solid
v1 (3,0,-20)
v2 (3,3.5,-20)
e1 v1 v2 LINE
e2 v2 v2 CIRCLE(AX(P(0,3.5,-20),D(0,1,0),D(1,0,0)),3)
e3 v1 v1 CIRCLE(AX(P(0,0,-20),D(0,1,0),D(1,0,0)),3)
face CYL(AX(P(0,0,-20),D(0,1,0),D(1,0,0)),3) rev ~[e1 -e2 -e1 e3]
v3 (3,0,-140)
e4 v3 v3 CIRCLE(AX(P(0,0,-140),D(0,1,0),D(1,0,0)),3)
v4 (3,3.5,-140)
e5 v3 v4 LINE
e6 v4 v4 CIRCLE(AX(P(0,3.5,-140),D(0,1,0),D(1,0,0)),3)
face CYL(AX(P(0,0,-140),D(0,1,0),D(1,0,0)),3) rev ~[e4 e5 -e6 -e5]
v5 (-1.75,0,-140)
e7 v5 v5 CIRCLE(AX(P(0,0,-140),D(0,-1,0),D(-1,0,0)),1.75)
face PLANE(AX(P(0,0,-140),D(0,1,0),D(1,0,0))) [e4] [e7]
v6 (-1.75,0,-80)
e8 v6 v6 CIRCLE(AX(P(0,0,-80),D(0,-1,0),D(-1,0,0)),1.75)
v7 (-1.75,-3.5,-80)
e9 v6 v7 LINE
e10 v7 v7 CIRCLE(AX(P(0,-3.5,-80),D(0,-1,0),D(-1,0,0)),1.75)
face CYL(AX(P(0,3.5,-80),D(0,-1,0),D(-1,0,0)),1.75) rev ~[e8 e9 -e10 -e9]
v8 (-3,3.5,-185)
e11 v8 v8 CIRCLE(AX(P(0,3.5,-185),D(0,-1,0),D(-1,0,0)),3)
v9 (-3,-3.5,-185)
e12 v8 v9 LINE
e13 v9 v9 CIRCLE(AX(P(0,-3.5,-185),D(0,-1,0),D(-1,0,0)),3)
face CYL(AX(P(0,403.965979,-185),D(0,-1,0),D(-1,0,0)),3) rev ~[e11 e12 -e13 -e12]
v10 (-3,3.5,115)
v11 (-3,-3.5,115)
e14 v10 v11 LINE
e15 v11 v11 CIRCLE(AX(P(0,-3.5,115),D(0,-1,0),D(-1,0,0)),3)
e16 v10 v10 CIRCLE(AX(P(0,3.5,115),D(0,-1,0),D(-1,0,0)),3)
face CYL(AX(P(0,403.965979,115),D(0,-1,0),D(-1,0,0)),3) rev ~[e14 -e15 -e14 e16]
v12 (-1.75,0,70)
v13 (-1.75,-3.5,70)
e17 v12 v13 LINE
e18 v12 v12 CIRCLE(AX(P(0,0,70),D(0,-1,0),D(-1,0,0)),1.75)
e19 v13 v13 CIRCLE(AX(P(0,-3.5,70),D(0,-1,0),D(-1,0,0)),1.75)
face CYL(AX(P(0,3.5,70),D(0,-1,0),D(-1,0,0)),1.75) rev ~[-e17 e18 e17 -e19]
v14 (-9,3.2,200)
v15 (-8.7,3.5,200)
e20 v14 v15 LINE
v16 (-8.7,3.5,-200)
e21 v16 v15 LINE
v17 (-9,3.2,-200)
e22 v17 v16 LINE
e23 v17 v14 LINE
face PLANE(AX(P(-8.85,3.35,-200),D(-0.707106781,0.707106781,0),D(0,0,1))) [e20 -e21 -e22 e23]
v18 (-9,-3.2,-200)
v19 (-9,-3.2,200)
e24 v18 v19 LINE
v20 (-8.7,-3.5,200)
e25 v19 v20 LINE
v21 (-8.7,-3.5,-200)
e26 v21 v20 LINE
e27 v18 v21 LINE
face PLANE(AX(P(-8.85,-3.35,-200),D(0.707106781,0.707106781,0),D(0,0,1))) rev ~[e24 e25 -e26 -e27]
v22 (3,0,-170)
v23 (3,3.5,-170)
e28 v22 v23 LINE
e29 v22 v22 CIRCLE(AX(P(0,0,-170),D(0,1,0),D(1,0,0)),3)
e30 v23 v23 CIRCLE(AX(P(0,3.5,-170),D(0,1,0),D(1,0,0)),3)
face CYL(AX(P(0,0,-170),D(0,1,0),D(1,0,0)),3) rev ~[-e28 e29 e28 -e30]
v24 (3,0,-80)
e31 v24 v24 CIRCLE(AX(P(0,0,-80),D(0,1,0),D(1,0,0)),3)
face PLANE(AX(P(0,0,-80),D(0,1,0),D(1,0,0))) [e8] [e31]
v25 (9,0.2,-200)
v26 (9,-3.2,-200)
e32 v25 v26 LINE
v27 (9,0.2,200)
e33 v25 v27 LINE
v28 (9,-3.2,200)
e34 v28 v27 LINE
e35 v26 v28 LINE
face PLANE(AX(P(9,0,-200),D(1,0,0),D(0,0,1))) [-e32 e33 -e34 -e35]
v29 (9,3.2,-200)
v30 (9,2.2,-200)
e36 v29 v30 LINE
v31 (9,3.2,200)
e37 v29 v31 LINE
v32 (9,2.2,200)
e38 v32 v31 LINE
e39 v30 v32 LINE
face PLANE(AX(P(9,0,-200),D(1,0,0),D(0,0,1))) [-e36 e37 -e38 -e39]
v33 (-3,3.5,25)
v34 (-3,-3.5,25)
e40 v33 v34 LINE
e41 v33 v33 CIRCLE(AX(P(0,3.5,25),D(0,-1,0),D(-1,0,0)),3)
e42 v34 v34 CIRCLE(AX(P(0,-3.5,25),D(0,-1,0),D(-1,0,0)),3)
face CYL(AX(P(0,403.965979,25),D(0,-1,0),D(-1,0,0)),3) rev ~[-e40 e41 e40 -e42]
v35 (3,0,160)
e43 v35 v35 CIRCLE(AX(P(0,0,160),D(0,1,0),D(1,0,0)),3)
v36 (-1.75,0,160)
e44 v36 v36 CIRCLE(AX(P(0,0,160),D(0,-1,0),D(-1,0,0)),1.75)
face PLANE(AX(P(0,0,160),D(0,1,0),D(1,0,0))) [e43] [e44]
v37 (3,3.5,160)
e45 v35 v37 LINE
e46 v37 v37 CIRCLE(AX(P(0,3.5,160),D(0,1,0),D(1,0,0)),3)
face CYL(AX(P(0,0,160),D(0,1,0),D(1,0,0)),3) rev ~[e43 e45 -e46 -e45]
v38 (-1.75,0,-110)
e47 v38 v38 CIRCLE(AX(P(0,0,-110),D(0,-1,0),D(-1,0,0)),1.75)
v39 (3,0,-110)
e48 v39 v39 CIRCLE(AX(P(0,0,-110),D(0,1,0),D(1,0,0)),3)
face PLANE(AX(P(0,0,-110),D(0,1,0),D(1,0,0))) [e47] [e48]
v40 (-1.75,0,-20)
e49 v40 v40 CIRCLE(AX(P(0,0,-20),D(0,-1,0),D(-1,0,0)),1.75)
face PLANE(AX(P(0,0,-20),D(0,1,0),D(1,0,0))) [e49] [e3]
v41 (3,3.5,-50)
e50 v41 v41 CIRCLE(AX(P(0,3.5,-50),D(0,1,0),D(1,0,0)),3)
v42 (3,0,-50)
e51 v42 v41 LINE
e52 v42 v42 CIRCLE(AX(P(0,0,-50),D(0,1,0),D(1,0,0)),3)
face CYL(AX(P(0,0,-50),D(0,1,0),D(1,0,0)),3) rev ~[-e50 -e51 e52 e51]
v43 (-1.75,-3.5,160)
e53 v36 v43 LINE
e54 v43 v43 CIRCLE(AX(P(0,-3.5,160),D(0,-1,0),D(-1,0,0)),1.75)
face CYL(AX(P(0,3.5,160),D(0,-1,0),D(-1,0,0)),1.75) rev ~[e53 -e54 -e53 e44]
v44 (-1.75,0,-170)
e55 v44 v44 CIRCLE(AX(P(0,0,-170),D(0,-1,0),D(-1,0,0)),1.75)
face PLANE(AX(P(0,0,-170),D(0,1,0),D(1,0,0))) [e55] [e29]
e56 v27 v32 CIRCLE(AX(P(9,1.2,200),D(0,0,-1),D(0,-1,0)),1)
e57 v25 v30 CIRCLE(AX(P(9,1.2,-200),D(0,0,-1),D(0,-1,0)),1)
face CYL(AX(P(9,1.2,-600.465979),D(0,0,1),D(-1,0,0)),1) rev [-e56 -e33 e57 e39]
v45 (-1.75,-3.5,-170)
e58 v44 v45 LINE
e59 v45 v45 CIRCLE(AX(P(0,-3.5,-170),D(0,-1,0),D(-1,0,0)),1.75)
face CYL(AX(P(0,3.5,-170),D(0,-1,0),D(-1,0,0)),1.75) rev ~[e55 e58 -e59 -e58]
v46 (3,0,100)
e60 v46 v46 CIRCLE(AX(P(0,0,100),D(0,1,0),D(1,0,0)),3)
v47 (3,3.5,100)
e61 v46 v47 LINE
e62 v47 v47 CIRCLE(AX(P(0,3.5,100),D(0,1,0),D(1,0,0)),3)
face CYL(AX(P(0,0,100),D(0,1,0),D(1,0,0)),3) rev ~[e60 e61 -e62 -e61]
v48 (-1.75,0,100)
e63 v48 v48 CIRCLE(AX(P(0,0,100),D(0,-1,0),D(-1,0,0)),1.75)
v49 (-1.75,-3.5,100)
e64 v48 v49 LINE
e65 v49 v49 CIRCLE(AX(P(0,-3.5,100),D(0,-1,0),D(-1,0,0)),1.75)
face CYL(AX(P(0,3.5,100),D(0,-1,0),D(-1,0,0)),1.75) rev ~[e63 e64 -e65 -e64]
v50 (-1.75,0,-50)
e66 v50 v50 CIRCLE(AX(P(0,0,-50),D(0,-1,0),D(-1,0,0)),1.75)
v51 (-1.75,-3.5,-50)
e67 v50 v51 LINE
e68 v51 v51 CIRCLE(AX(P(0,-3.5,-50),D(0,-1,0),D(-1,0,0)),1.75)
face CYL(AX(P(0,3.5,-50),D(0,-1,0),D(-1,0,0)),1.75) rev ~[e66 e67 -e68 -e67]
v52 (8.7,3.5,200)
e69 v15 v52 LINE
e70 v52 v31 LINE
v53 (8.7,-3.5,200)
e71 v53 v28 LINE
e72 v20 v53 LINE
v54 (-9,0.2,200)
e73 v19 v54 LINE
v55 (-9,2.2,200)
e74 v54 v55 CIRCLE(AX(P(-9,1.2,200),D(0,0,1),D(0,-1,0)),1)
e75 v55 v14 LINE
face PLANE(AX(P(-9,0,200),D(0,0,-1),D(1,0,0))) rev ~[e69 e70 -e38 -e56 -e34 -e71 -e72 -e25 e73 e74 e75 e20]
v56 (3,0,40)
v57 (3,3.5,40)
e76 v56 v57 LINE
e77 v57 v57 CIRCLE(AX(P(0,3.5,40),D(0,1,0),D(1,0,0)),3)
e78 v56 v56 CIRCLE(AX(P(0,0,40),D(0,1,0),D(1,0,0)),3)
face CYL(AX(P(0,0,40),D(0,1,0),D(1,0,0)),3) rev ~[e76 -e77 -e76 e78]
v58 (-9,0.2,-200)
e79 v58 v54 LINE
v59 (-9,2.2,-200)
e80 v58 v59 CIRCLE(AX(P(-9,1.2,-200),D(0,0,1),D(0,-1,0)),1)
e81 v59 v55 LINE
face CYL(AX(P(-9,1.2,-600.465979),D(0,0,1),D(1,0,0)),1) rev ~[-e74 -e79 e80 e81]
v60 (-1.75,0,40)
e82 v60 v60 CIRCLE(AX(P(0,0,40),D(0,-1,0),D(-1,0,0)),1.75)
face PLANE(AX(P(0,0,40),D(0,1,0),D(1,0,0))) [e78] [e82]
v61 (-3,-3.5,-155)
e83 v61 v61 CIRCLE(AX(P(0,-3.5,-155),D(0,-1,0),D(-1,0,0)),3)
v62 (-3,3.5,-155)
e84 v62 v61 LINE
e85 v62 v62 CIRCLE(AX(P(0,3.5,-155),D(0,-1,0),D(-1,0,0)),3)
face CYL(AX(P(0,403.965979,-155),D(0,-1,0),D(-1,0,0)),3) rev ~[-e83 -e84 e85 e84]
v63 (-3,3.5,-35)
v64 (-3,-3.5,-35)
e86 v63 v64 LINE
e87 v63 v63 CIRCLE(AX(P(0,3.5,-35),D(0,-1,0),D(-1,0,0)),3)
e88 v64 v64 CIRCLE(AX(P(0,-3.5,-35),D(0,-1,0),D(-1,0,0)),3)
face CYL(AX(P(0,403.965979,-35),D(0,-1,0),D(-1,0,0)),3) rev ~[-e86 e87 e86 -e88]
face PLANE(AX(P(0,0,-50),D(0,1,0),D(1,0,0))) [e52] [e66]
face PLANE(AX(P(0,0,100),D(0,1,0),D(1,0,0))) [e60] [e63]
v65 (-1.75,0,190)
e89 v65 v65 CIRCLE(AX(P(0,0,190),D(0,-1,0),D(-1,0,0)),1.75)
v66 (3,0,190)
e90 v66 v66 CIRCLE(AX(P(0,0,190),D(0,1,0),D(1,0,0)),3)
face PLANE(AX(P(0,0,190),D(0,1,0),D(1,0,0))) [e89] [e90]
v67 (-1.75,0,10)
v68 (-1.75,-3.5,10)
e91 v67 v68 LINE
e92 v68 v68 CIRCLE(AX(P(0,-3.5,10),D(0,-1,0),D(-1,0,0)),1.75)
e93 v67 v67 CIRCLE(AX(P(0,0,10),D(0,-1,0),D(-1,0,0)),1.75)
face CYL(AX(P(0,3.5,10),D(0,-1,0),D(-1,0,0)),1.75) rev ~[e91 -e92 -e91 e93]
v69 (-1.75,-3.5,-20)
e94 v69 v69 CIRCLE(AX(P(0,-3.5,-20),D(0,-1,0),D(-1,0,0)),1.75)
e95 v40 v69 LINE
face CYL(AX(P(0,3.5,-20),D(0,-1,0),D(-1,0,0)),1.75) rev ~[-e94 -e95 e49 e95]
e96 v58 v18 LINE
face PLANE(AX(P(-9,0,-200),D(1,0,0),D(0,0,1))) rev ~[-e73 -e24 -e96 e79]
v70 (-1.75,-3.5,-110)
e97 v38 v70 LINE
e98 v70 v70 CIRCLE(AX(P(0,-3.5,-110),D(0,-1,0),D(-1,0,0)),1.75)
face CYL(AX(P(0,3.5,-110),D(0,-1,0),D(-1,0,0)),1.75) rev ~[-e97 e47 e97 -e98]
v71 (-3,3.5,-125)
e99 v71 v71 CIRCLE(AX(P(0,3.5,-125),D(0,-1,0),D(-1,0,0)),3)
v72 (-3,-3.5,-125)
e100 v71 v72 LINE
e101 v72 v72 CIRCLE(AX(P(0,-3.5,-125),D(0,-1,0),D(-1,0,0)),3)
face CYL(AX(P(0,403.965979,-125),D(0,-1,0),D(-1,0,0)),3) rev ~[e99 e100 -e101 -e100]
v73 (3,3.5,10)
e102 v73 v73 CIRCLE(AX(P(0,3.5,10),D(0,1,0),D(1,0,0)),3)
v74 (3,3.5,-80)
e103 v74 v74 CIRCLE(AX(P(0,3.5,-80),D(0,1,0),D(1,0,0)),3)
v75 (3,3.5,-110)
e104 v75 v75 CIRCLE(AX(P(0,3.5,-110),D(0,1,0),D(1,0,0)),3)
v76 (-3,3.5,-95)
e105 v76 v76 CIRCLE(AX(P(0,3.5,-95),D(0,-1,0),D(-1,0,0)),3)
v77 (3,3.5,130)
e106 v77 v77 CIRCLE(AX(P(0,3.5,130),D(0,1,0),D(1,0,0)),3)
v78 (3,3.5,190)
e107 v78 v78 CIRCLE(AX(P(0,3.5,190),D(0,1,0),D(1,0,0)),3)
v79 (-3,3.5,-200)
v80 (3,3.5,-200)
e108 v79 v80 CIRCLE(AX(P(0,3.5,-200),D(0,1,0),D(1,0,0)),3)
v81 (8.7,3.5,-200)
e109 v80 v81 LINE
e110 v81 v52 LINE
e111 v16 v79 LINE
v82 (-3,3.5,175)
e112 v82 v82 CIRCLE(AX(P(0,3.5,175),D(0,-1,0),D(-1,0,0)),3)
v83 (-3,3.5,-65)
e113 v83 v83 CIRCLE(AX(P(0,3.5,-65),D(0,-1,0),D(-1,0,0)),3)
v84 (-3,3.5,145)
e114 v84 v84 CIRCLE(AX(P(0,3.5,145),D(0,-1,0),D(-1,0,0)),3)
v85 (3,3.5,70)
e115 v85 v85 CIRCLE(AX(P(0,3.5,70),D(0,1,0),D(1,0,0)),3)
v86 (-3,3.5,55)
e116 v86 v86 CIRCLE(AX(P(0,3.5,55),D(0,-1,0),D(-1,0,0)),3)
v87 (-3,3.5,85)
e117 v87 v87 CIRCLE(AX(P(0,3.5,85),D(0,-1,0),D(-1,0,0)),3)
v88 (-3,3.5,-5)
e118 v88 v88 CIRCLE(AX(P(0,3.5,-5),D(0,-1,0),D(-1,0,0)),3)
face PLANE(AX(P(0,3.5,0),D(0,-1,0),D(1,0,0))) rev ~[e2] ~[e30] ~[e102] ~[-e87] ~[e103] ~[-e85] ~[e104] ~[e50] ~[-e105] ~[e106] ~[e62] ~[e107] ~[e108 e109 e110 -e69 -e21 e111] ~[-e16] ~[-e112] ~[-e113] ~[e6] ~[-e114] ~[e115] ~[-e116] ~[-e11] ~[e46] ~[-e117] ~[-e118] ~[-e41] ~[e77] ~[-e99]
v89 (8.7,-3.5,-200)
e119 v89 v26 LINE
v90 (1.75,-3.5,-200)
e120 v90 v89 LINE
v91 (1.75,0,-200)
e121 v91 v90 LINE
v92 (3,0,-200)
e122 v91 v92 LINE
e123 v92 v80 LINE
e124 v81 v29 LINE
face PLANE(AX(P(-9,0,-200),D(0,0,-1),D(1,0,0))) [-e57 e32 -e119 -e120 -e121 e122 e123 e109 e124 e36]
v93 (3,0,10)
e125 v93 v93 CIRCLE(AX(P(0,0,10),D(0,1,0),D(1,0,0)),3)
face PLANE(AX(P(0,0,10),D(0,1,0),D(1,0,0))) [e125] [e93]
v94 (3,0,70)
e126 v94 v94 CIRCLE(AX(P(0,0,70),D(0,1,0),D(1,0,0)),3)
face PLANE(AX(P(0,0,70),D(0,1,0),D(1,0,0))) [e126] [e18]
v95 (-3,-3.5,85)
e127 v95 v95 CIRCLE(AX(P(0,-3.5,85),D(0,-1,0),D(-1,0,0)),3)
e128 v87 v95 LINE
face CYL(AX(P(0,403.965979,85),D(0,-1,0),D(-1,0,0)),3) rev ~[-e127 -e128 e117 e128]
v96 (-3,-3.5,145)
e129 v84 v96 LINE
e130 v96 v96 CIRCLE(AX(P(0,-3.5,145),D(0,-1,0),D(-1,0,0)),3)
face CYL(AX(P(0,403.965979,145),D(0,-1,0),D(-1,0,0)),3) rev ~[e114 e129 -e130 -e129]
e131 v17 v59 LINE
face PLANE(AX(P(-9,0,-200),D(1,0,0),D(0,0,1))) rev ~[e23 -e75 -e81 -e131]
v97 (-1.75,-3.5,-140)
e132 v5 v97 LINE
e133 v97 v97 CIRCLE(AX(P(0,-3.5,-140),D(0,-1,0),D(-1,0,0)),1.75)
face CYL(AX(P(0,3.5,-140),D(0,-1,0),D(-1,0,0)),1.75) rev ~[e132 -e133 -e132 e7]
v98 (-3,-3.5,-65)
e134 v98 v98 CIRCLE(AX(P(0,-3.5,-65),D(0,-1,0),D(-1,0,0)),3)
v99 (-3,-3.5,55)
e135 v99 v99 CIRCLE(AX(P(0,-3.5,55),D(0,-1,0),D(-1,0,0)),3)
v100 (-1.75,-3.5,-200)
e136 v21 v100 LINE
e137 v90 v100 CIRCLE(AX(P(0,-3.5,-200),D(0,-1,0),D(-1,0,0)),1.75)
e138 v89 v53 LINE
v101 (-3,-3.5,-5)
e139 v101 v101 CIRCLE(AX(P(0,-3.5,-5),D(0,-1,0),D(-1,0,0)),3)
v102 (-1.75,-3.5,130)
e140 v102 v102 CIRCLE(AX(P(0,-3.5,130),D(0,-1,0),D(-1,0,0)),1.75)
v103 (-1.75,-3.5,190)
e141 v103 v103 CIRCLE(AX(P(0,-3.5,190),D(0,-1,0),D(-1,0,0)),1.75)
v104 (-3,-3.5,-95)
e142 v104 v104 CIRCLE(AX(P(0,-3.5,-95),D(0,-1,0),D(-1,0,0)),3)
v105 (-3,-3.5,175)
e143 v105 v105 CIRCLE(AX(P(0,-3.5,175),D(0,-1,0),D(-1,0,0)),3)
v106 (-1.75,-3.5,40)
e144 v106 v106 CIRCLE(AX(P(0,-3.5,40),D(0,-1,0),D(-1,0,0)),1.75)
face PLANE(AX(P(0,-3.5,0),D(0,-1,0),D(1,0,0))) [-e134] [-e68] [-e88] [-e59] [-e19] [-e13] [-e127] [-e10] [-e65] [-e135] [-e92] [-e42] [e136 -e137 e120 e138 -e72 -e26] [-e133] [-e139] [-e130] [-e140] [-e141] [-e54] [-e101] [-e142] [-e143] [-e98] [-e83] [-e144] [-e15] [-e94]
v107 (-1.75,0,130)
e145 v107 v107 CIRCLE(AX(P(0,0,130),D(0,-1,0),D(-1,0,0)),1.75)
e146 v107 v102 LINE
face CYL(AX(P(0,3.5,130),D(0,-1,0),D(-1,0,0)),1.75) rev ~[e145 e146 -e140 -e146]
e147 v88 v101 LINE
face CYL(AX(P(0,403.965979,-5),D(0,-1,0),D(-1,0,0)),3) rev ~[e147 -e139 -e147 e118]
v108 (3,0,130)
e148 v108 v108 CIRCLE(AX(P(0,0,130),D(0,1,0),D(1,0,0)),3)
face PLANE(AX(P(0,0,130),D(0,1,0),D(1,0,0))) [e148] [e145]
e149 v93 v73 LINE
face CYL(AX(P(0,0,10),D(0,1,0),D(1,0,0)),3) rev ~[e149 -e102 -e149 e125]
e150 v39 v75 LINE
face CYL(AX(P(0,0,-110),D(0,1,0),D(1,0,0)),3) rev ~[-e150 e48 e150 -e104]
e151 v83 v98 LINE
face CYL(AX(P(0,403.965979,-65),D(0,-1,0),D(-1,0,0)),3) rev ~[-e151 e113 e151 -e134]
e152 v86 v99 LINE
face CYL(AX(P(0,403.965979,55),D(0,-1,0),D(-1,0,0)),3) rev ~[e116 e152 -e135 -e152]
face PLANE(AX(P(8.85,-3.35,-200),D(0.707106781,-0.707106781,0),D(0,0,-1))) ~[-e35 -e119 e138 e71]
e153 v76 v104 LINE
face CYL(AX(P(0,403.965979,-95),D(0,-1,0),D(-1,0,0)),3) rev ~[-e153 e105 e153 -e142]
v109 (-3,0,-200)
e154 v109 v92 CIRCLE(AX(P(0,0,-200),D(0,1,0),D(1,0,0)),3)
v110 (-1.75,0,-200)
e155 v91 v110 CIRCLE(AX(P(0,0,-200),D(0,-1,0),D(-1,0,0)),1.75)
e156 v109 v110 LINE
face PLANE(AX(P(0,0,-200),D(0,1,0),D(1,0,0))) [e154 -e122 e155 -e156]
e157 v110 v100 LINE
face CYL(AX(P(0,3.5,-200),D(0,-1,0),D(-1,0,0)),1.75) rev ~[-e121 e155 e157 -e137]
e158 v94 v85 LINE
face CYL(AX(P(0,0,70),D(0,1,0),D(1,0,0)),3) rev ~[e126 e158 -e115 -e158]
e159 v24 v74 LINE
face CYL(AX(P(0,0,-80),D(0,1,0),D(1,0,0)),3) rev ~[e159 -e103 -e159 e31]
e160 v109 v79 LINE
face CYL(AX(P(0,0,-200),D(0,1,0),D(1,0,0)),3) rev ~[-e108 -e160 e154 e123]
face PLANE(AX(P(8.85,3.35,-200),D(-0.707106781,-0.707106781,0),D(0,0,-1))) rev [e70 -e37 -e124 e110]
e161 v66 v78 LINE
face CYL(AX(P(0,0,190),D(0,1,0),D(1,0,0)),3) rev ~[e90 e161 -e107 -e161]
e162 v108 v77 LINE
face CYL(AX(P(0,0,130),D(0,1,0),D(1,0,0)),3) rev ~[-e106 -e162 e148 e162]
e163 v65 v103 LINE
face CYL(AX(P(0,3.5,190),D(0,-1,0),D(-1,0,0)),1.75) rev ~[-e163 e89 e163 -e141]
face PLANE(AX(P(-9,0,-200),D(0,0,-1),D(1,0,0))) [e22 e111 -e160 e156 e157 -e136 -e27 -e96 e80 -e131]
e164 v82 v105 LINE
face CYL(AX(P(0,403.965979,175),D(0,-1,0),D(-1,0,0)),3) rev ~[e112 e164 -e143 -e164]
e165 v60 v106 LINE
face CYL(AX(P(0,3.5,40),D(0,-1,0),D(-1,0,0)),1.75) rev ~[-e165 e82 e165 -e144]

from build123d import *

# Parameters (mm, degrees)
ESBO_O1_W                                            = 18
ESBO_O1_H                                            = 400
RESSALTO_EXTRUS_O1_DEPTH                             = 3.5
FURO_DE_DI_METRO_2_0_2_1_D                           = 2
FURO_DE_DI_METRO_6_0_6_1_D                           = 6
REBAIXO_PARA_PARAFUSO_DE_M_QUINA_DE_CABE_D           = 3.5
REBAIXO_PARA_PARAFUSO_DE_M_QUINA_DE_CABE_CBORE_D     = 6
REBAIXO_PARA_PARAFUSO_DE_M_QUINA_DE_CABE_CBORE_DEPTH = 3.5
PADR_O_LINEAR1_COUNT                                 = 13
PADR_O_LINEAR1_PITCH                                 = 30
PADR_O_LINEAR2_COUNT                                 = 14
PADR_O_LINEAR2_PITCH                                 = 30
CHANFRO1_SIZE                                        = 0.3


with BuildPart() as part:
    # Esboço1 → Ressalto-extrusão1 (new, symmetric)
    with BuildSketch(Plane.XZ):
        Rectangle(ESBO_O1_W, ESBO_O1_H)
    extrude(amount=RESSALTO_EXTRUS_O1_DEPTH, both=True)

    # Furo de diâmetro Ø2.0 (2)1 (through all)
    with Locations(Plane(origin=(0, 0, -200), x_dir=(-1, 0, 0), z_dir=(0, 0, -1))):
        with Locations((-8.669077014, 4.635653864), (9, 1.2)):
            furo_de_di_metro_2_0_2_1 = Hole(FURO_DE_DI_METRO_2_0_2_1_D / 2)

    # Furo de diâmetro Ø6.0 (6)1 (through all)
    with Locations(Plane(origin=(0, 3.5, 0), x_dir=(1, 0, 0), z_dir=(0, 1, 0))):
        with Locations((0, -175)):
            furo_de_di_metro_6_0_6_1 = Hole(FURO_DE_DI_METRO_6_0_6_1_D / 2)

    # Rebaixo para parafuso de máquina de cabeça sextavada de M31 (through all)
    with Locations(Plane(origin=(0, 3.5, 0), x_dir=(1, 0, 0), z_dir=(0, 1, 0))):
        with Locations((0, -190)):
            rebaixo_para_parafuso_de_m_quina_de_cabe = CounterBoreHole(REBAIXO_PARA_PARAFUSO_DE_M_QUINA_DE_CABE_D / 2, REBAIXO_PARA_PARAFUSO_DE_M_QUINA_DE_CABE_CBORE_D / 2, REBAIXO_PARA_PARAFUSO_DE_M_QUINA_DE_CABE_CBORE_DEPTH)

    # Padrão linear1: Furo de diâmetro Ø6.0 (6)1 ×13
    with Locations(*[(0, 0, -i * PADR_O_LINEAR1_PITCH) for i in range(1, PADR_O_LINEAR1_COUNT)]):
        add(furo_de_di_metro_6_0_6_1, mode=Mode.SUBTRACT)

    # Padrão linear2: Rebaixo para parafuso de máquina de cabeça sextavada de M31 ×14
    with Locations(*[(0, 0, -i * PADR_O_LINEAR2_PITCH) for i in range(1, PADR_O_LINEAR2_COUNT)]):
        add(rebaixo_para_parafuso_de_m_quina_de_cabe, mode=Mode.SUBTRACT)

    # Chanfro1
    chanfro1_edges = [part.edges().sort_by_distance(p)[0] for p in [
        (9, 3.5, 0),
        (-9, 3.5, 0),
        (9, -3.5, 0),
        (-9, -3.5, 0),
    ]]
    chamfer(chanfro1_edges, length=CHANFRO1_SIZE)

    # Mirror1: Furo de diâmetro Ø2.0 (2)1 across plane
    add(furo_de_di_metro_2_0_2_1.mirror(Plane(origin=(0, 0, 0), x_dir=(0, 0, 1), z_dir=(1, 0, 0))), mode=Mode.SUBTRACT)


solid = part.part
